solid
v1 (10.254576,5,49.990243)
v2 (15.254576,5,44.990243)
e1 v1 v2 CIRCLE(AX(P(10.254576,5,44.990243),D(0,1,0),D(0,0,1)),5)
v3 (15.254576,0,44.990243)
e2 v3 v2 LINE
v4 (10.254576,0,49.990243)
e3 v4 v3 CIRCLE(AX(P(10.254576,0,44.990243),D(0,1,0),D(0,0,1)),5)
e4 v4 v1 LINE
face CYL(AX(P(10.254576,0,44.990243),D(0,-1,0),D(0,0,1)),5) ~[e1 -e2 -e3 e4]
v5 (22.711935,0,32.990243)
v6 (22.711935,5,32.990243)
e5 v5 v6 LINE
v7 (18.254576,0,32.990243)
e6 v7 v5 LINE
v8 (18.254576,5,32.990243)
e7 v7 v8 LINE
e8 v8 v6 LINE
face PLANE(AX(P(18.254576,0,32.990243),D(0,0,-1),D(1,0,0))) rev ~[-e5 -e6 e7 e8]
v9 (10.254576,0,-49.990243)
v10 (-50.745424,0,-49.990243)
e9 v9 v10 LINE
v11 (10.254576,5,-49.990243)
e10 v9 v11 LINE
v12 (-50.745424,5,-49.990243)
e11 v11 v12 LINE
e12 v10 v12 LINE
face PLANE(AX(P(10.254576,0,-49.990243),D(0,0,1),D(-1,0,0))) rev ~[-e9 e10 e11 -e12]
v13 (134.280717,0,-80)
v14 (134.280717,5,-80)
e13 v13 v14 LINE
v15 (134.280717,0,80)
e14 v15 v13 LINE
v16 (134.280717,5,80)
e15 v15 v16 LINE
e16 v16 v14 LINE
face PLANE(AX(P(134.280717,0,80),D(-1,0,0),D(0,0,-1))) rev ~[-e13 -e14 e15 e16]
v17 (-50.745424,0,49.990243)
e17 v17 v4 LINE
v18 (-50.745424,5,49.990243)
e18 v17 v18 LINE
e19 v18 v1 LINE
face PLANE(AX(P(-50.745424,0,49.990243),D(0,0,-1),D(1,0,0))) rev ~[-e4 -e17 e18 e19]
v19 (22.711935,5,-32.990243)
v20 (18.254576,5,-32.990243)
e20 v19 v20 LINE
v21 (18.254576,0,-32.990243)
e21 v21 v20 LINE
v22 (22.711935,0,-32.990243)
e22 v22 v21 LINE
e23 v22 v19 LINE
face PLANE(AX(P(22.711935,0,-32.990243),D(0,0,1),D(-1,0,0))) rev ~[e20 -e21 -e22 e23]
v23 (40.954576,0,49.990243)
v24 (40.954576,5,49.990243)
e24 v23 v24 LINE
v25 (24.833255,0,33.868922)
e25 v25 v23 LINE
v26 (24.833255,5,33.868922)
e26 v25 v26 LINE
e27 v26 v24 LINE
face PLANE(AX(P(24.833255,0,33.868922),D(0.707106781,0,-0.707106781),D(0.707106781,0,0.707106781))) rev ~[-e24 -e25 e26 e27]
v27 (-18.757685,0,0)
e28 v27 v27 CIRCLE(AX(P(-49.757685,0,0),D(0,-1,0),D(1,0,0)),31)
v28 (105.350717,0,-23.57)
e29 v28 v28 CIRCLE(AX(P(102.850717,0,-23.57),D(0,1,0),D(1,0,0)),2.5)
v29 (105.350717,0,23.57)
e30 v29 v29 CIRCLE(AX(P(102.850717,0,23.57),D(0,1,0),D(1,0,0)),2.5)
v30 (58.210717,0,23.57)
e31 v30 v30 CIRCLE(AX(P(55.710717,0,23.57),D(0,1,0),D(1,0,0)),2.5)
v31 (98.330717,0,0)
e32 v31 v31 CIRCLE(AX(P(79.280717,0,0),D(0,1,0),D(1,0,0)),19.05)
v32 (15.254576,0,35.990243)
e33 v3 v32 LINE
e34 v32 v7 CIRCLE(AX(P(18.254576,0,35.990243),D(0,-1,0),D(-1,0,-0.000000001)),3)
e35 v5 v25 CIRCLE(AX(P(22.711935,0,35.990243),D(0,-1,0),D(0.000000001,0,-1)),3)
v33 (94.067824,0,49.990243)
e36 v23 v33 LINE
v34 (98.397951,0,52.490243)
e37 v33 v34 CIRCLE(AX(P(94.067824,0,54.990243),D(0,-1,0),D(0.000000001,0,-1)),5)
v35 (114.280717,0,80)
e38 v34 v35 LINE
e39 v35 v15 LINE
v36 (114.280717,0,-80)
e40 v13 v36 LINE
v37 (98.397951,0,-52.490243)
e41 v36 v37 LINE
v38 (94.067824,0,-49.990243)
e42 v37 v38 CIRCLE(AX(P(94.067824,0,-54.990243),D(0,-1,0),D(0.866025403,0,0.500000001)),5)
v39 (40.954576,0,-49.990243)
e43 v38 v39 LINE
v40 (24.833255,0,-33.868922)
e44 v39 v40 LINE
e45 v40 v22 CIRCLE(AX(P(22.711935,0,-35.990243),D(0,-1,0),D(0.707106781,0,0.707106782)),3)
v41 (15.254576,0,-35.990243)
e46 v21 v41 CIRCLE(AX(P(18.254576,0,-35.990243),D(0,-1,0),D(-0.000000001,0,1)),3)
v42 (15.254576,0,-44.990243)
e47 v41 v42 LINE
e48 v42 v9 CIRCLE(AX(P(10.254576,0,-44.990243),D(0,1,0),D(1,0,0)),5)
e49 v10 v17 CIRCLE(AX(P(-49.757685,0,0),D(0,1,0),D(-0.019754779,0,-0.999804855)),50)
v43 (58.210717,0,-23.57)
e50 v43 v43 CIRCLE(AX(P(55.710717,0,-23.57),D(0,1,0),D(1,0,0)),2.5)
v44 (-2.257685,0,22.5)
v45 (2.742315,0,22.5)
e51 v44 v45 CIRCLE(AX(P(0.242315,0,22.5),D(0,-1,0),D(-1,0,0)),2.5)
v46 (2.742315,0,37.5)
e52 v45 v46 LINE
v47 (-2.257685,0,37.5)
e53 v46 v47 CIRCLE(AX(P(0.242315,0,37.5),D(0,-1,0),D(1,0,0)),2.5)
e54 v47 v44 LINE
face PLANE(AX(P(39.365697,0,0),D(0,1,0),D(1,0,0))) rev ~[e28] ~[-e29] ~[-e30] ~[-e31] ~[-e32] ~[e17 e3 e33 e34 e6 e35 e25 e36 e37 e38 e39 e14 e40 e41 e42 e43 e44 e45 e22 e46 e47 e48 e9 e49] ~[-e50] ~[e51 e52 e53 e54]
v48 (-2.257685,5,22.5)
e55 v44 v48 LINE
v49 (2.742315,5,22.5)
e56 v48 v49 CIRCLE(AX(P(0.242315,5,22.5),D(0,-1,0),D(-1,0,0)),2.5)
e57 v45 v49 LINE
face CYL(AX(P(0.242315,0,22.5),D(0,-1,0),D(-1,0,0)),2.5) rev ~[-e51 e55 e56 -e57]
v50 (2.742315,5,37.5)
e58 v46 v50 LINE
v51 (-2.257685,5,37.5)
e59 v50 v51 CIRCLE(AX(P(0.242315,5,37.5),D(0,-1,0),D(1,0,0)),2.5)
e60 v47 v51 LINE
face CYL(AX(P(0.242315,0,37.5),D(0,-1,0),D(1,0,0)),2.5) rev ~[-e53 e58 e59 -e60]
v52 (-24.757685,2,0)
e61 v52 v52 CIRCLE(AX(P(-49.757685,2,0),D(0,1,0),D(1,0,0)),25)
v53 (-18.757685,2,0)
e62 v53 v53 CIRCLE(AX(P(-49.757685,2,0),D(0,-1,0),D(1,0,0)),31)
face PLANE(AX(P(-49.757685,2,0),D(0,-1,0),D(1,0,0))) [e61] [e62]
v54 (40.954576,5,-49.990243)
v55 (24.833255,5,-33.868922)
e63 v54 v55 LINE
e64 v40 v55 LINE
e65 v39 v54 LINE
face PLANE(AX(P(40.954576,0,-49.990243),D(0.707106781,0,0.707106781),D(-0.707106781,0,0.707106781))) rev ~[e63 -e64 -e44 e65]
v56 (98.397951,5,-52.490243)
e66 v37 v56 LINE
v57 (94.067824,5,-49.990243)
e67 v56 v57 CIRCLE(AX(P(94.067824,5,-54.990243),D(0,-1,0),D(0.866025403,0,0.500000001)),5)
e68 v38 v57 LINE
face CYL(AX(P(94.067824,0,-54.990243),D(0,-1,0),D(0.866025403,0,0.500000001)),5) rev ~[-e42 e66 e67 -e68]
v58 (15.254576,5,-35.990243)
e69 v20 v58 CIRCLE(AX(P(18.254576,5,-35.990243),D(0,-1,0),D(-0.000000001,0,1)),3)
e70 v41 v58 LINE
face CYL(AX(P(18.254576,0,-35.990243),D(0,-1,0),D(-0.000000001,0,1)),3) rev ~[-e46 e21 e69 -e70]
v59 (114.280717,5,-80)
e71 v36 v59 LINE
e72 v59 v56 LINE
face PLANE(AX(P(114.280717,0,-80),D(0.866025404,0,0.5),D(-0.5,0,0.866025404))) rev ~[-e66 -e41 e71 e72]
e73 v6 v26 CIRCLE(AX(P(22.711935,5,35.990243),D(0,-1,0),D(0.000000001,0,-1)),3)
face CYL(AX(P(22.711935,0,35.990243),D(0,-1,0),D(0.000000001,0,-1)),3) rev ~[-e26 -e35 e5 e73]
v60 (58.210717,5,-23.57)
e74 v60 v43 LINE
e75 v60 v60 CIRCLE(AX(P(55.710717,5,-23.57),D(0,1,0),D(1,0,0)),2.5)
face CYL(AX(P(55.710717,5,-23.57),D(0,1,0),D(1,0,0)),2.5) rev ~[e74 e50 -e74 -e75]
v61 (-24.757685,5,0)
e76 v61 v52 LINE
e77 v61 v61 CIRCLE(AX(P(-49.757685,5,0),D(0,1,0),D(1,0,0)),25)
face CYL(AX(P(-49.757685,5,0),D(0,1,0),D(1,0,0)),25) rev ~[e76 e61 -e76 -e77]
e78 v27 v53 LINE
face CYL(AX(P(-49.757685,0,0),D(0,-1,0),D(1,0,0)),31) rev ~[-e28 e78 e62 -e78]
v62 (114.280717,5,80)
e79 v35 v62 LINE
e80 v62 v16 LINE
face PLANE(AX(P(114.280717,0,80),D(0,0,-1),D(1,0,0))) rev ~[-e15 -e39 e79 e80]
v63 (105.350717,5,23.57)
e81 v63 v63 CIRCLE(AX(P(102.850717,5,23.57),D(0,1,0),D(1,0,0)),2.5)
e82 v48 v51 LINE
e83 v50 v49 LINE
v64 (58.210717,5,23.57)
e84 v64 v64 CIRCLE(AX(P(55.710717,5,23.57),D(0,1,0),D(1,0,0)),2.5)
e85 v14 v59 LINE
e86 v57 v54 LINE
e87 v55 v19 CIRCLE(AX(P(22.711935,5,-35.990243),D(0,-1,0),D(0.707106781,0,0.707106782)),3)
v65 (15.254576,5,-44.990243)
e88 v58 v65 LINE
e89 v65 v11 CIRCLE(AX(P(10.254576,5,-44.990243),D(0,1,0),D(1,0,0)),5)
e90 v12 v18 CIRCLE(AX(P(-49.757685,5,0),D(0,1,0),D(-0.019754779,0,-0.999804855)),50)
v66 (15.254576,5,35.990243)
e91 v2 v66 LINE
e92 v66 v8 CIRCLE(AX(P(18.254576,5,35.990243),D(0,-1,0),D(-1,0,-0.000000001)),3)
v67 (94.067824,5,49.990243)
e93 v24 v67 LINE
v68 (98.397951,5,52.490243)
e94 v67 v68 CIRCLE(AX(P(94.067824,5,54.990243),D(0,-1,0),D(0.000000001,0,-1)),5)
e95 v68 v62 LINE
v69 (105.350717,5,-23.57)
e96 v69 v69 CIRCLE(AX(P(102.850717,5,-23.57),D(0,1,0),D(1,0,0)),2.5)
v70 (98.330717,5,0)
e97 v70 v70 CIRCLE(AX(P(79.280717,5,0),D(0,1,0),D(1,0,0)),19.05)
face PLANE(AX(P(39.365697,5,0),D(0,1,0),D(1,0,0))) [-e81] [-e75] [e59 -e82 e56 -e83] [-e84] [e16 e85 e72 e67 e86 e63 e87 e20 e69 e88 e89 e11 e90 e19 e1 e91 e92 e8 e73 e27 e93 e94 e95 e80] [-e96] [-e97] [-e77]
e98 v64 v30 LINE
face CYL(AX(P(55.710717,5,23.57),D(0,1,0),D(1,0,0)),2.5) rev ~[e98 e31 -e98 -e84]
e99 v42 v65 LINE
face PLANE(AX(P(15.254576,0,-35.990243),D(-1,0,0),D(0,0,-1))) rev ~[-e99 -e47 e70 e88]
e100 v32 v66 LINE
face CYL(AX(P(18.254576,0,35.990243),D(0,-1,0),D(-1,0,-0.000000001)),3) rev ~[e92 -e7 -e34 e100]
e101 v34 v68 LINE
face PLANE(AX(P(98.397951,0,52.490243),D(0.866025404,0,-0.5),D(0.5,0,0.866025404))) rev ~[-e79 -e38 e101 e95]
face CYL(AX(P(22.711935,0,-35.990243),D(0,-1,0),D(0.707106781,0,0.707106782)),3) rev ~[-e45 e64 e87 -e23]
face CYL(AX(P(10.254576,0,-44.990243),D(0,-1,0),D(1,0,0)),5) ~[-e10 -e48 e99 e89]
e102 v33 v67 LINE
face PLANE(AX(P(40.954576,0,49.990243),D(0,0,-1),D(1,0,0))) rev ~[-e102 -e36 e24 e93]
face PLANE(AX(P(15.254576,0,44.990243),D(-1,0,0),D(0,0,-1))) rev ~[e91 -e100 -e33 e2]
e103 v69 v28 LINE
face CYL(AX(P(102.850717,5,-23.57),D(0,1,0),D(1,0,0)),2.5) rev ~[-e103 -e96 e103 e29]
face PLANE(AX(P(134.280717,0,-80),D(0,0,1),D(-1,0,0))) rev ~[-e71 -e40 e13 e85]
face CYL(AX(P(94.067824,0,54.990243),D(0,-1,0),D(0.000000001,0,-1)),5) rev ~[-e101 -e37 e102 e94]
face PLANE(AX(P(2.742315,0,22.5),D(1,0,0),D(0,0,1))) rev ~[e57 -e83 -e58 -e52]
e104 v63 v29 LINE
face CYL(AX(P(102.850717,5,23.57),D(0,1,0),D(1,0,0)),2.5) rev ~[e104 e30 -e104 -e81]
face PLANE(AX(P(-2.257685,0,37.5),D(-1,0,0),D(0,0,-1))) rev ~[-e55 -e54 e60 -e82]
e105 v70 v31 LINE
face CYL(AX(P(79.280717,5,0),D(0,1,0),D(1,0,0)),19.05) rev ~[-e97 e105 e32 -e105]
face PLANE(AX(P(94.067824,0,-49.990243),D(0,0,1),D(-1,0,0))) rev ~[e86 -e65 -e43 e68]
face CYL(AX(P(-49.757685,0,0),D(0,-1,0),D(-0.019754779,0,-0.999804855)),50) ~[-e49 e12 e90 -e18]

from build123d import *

# Parameters (mm, degrees)
BOSS_EXTRUDE1_DEPTH = 5
SKETCH10_R          = 19.05
SKETCH10_R_2        = 2.5
SKETCH10_R_3        = 25
CUT_EXTRUDE7_DEPTH  = 6
SKETCH11_R          = 31
CUT_EXTRUDE8_DEPTH  = 2
CUT_EXTRUDE9_DEPTH  = 6


with BuildPart() as part:
    # Sketch1 → Boss-Extrude1 (new body)
    with BuildSketch(Plane(origin=(0, 0, 0), x_dir=(1, 0, 0), z_dir=(0, 1, 0))):
        with BuildLine():
            Line((15.254575611, 35.990242765), (15.254575611, 44.990242765))
            ThreePointArc((15.254575611, 44.990242765), (13.790109517, 48.525776671), (10.254575611, 49.990242765))
            Line((10.254575611, 49.990242765), (-50.745424389, 49.990242765))
            ThreePointArc((-50.745424389, 49.990242765), (-99.757685432, 0), (-50.745424389, -49.990242765))
            Line((-50.745424389, -49.990242765), (10.254575611, -49.990242765))
            ThreePointArc((10.254575611, -49.990242765), (13.790109517, -48.525776671), (15.254575611, -44.990242765))
            Line((15.254575611, -44.990242765), (15.254575611, -35.990242765))
            ThreePointArc((15.254575611, -35.990242765), (16.133255268, -33.868922422), (18.254575611, -32.990242765))
            Line((18.254575611, -32.990242765), (22.711934924, -32.990242765))
            ThreePointArc((22.711934924, -32.990242765), (23.859985221, -33.218604168), (24.833255268, -33.868922422))
            Line((24.833255268, -33.868922422), (40.954575611, -49.990242765))
            Line((40.954575611, -49.990242765), (50.745424389, -49.990242765))
            Line((50.745424389, -49.990242765), (94.067824265, -49.990242765))
            ThreePointArc((94.067824265, -49.990242765), (96.567824265, -50.660115747), (98.397951284, -52.490242765))
            Line((98.397951284, -52.490242765), (114.280717029, -80))
            Line((114.280717029, -80), (134.280717029, -80))
            Line((134.280717029, -80), (134.280717029, 80))
            Line((134.280717029, 80), (114.280717029, 80))
            Line((114.280717029, 80), (98.397951284, 52.490242765))
            ThreePointArc((98.397951284, 52.490242765), (96.567824265, 50.660115747), (94.067824265, 49.990242765))
            Line((94.067824265, 49.990242765), (50.745424389, 49.990242765))
            Line((50.745424389, 49.990242765), (40.954575611, 49.990242765))
            Line((40.954575611, 49.990242765), (24.833255268, 33.868922422))
            ThreePointArc((24.833255268, 33.868922422), (23.859985221, 33.218604168), (22.711934924, 32.990242765))
            Line((22.711934924, 32.990242765), (18.254575611, 32.990242765))
            ThreePointArc((18.254575611, 32.990242765), (16.133255268, 33.868922422), (15.254575611, 35.990242765))
        make_face()
    extrude(amount=BOSS_EXTRUDE1_DEPTH)

    # Sketch10 → Cut-Extrude7 (cut, through all)
    with BuildSketch(Plane(origin=(0, 5, 0), x_dir=(1, 0, 0), z_dir=(0, 1, 0))):
        with Locations((79.280717029, 0)):
            Circle(SKETCH10_R)
        with Locations((55.710717029, 23.57)):
            Circle(SKETCH10_R_2)
        with Locations((102.850717029, 23.57)):
            Circle(SKETCH10_R_2)
        with Locations((102.850717029, -23.57)):
            Circle(SKETCH10_R_2)
        with Locations((55.710717029, -23.57)):
            Circle(SKETCH10_R_2)
        with Locations((-49.757685432, 0)):
            Circle(SKETCH10_R_3)
    extrude(amount=-CUT_EXTRUDE7_DEPTH, mode=Mode.SUBTRACT)

    # Sketch11 → Cut-Extrude8 (cut)
    with BuildSketch(Plane.XZ):
        with Locations((-49.757685432, 0)):
            Circle(SKETCH11_R)
    extrude(amount=-CUT_EXTRUDE8_DEPTH, mode=Mode.SUBTRACT)

    # Sketch12 → Cut-Extrude9 (cut, through all)
    with BuildSketch(Plane.XZ):
        with BuildLine():
            Line((-2.257685432, 37.5), (-2.257685432, 22.5))
            ThreePointArc((-2.257685432, 22.5), (0.242314568, 20), (2.742314568, 22.5))
            Line((2.742314568, 22.5), (2.742314568, 37.5))
            ThreePointArc((2.742314568, 37.5), (0.242314568, 40), (-2.257685432, 37.5))
        make_face()
    extrude(amount=-CUT_EXTRUDE9_DEPTH, mode=Mode.SUBTRACT)


solid = part.part
